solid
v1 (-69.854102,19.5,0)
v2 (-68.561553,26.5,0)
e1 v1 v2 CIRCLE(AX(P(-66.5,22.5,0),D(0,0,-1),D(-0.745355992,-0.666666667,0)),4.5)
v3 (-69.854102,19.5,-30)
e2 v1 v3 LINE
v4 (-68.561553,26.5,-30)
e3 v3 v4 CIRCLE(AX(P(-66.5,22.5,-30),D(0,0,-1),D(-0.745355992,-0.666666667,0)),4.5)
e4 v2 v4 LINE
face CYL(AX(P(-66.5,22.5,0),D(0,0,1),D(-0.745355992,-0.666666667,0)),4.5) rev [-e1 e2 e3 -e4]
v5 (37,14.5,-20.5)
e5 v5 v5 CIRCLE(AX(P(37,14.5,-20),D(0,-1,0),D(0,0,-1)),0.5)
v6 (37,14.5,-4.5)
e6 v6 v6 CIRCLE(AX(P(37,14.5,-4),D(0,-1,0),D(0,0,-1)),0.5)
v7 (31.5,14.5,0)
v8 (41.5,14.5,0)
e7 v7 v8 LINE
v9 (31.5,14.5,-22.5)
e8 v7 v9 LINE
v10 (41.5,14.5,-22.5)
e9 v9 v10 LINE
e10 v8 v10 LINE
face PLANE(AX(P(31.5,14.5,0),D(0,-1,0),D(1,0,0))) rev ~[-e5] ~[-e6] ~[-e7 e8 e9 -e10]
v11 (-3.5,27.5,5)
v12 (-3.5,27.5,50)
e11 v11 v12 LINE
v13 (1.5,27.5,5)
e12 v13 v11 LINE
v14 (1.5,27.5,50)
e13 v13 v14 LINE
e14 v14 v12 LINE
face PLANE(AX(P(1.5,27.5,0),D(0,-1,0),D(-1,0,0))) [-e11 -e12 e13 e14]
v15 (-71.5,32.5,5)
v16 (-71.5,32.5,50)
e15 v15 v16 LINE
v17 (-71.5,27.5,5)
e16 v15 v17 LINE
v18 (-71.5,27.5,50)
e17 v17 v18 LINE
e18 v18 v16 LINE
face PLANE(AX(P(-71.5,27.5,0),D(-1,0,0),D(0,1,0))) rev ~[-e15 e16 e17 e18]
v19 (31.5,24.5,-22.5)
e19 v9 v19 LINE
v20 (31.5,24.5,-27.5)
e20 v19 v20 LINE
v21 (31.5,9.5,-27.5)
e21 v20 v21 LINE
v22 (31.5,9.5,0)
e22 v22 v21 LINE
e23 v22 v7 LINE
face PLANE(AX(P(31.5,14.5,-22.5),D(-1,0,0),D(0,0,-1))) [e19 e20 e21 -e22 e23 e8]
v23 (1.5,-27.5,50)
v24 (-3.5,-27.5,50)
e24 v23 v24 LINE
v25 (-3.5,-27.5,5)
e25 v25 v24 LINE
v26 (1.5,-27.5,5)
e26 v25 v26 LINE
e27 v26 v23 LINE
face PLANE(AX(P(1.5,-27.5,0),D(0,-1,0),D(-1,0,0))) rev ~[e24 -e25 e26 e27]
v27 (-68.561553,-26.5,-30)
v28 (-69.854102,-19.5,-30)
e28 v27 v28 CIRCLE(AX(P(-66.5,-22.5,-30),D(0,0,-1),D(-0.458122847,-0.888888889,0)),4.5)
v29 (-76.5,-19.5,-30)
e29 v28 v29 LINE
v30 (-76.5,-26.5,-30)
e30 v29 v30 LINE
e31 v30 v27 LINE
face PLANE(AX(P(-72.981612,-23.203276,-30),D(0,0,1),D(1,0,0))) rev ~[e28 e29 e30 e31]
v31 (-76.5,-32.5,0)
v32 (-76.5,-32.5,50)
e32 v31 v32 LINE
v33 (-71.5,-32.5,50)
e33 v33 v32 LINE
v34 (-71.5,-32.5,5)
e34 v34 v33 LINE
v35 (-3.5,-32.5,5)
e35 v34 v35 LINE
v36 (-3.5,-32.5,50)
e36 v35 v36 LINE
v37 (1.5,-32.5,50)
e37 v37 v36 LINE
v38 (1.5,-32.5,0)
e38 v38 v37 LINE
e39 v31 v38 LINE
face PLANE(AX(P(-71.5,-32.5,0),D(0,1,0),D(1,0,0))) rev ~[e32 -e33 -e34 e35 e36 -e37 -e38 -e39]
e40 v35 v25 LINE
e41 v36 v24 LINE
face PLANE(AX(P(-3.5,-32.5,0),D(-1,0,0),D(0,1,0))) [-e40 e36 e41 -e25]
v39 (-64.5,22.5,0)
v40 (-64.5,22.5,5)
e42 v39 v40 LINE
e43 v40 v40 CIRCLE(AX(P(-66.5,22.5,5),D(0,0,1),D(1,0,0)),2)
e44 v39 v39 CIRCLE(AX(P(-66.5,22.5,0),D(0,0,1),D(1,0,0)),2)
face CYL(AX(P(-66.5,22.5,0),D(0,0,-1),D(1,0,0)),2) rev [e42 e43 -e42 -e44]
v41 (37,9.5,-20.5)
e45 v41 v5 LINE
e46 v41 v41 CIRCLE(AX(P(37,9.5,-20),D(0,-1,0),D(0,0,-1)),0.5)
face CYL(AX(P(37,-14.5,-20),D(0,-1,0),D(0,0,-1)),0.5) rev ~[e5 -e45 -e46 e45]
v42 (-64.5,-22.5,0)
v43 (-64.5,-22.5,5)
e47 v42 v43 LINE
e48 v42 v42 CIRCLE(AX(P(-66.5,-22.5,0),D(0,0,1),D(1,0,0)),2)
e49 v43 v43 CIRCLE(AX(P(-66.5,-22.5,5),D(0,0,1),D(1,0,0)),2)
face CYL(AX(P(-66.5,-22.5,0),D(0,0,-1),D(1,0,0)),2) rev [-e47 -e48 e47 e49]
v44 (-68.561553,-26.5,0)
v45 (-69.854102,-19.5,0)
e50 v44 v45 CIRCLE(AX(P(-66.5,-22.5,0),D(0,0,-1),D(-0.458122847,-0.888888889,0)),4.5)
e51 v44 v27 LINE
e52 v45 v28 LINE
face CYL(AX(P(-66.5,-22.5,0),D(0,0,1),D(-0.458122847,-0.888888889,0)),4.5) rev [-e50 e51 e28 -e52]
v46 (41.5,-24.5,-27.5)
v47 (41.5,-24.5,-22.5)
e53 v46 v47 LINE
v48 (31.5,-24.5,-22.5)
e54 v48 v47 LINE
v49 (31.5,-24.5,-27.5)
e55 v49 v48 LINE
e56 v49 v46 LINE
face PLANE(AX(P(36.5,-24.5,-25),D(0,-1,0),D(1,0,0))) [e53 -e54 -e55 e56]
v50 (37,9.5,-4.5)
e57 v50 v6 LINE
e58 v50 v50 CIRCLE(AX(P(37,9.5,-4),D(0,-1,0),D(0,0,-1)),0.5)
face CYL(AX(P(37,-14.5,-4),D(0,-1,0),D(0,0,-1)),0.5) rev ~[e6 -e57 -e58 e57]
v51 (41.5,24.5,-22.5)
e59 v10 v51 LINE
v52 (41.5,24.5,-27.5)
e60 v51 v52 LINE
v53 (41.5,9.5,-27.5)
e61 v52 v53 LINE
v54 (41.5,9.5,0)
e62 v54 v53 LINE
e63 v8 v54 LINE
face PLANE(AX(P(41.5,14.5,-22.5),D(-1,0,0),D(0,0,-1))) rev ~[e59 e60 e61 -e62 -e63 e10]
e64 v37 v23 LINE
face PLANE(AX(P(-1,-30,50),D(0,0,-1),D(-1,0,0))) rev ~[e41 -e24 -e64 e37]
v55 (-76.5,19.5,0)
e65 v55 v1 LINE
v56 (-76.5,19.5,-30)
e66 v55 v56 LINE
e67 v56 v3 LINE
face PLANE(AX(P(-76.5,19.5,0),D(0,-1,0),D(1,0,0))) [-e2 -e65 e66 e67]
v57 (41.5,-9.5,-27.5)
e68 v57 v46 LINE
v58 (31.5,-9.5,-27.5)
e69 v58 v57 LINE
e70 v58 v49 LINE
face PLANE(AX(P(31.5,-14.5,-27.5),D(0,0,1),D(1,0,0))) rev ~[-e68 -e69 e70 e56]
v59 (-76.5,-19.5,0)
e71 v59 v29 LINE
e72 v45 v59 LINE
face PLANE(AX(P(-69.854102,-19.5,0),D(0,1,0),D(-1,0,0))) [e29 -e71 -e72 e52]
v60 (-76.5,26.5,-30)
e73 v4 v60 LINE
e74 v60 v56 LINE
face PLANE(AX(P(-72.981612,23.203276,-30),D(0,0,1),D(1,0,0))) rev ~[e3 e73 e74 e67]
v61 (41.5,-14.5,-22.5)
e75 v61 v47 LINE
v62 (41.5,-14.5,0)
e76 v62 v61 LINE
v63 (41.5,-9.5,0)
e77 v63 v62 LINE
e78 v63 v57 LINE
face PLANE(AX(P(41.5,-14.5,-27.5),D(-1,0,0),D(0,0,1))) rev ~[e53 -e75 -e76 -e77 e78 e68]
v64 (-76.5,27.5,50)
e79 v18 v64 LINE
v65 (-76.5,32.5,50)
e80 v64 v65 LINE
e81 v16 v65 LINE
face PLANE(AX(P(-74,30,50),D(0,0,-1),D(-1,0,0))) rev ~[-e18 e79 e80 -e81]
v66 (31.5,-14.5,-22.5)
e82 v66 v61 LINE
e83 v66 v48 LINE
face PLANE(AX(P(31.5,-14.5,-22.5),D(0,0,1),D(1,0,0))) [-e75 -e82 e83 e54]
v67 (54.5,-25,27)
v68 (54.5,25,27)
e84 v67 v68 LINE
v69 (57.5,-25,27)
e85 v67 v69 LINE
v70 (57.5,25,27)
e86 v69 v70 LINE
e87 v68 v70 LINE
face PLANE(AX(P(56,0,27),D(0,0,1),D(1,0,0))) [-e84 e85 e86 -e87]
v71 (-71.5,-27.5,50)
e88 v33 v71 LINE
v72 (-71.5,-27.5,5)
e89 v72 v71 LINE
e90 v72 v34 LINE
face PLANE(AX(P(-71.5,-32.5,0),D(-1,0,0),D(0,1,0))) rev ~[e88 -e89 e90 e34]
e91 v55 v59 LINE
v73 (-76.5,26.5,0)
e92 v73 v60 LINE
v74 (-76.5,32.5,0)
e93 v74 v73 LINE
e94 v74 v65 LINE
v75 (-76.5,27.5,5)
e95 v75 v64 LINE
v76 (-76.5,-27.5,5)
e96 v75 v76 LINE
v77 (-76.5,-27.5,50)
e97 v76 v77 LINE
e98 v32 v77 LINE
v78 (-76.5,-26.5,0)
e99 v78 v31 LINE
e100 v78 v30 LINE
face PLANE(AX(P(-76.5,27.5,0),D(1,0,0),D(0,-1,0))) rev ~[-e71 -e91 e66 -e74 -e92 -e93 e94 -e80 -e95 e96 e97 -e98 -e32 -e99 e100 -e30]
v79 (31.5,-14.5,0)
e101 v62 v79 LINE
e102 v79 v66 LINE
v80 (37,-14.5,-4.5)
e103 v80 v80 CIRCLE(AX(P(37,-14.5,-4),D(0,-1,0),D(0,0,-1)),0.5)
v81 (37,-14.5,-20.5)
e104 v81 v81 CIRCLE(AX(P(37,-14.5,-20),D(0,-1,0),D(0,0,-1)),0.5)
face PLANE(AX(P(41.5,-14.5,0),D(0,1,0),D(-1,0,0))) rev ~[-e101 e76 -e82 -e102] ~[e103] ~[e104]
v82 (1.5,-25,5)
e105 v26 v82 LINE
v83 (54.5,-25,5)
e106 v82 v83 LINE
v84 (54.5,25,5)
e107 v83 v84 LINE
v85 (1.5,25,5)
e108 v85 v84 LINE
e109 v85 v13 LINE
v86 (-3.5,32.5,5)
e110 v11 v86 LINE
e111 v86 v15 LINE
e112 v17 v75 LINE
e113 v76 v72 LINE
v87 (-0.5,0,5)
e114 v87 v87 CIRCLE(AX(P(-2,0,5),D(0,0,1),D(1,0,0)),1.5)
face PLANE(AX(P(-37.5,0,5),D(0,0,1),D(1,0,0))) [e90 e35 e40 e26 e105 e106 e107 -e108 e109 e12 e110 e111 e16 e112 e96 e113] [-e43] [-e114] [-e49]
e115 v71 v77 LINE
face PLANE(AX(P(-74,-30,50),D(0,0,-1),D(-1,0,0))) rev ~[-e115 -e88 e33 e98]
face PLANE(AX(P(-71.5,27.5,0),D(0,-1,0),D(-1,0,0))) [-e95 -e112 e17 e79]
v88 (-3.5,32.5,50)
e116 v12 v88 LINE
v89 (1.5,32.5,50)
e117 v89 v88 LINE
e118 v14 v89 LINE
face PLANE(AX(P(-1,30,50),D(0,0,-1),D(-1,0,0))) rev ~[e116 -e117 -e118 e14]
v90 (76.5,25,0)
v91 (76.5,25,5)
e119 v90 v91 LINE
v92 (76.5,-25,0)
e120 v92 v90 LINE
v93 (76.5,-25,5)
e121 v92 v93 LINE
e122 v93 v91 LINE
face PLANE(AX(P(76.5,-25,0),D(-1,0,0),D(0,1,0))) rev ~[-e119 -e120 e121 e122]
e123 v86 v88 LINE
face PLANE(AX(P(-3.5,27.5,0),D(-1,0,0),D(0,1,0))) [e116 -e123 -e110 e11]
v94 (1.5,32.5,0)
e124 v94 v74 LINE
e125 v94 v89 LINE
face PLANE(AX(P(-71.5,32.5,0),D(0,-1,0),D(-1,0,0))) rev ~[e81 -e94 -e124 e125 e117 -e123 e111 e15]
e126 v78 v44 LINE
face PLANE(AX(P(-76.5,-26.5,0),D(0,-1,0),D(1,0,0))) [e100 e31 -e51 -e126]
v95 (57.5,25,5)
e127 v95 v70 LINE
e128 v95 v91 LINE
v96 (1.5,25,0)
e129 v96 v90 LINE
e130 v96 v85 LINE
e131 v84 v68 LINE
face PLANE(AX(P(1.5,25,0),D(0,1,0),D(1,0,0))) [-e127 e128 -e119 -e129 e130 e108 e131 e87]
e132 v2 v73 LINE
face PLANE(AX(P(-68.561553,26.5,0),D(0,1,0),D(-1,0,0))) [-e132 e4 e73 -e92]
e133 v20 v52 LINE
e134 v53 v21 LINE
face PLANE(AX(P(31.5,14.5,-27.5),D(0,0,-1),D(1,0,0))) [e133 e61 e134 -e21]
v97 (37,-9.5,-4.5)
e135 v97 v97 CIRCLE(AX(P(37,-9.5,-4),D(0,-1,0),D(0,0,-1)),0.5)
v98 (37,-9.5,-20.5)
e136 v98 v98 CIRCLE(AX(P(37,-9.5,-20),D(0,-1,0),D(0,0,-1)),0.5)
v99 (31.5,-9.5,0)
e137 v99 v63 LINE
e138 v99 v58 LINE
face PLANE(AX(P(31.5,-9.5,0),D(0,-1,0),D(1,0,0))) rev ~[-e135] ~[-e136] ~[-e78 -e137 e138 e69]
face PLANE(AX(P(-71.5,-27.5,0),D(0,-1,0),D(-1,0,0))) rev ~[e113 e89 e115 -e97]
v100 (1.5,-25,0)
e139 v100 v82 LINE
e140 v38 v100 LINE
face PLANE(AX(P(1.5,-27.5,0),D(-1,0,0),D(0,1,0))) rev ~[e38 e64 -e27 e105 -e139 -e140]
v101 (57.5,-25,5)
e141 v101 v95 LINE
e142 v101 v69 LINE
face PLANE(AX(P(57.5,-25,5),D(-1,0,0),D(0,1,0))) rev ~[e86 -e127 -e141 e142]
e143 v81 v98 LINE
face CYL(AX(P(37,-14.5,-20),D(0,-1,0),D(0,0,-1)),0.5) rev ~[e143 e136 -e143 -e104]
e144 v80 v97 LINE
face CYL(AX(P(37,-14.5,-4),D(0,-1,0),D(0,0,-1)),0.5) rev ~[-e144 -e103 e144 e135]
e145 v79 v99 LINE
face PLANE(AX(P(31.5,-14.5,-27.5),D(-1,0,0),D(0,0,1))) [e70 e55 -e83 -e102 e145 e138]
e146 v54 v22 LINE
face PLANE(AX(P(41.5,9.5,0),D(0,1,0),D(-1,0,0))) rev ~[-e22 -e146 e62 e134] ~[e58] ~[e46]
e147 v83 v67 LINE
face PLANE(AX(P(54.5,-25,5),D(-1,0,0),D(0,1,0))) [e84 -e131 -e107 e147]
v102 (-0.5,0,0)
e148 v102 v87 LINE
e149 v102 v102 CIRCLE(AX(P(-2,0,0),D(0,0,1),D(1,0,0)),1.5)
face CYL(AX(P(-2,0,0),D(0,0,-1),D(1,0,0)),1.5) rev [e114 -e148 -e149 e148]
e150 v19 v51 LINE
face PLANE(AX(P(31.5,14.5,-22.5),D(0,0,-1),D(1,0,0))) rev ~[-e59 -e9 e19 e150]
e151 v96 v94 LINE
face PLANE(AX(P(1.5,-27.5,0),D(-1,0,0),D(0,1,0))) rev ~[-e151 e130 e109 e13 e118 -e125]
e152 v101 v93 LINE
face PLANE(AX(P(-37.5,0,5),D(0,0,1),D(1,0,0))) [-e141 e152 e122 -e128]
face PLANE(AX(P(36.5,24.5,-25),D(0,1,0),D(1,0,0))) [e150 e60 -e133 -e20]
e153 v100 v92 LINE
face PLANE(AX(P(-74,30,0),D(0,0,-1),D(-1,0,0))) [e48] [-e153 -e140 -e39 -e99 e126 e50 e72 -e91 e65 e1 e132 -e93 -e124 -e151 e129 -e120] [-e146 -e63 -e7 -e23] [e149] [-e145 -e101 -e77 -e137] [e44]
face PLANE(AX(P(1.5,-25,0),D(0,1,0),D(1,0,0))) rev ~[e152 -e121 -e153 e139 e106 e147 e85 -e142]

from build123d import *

# Parameters (mm, degrees)
CROQUIS1_R               = 2
CROQUIS1_R_2             = 1.5
CROQUIS1_W               = 75
CROQUIS1_H               = 50
SALIENTE_EXTRUIR4_DEPTH  = 5
CROQUIS3_W               = 5
CROQUIS3_H               = 5
SALIENTE_EXTRUIR5_DEPTH  = 50
CROQUIS4_W               = 3
CROQUIS4_H               = 50
SALIENTE_EXTRUIR7_DEPTH  = 22
SALIENTE_EXTRUIR9_DEPTH  = 27.5
CROQUIS7_W               = 10
CROQUIS7_H               = 5
SALIENTE_EXTRUIR10_DEPTH = 10
CROQUIS8_W               = 10
CROQUIS8_H               = 5
SALIENTE_EXTRUIR11_DEPTH = 10
SALIENTE_EXTRUIR12_DEPTH = 30
CROQUIS10_R              = 0.5
CORTAR_EXTRUIR2_DEPTH    = 43


with BuildPart() as part:
    # Croquis1 → Saliente-Extruir4 (new body)
    # profile 1 of 2: a face of its own
    with BuildSketch(Plane.XY):
        Polygon((-71.5, -27.5), (-71.5, -32.5), (-3.5, -32.5), (-3.5, -27.5), (1.5, -27.5), (1.5, -25), (1.5, 25), (1.5, 27.5), (-3.5, 27.5), (-3.5, 32.5), (-71.5, 32.5), (-71.5, 27.5), (-76.5, 27.5), (-76.5, -27.5), align=None)
        with Locations((-66.5, -22.5)):
            Circle(CROQUIS1_R, mode=Mode.SUBTRACT)
        with Locations((-2, 0)):
            Circle(CROQUIS1_R_2, mode=Mode.SUBTRACT)
        with Locations((-66.5, 22.5)):
            Circle(CROQUIS1_R, mode=Mode.SUBTRACT)
    # profile 2 of 2: a face of its own
    with BuildSketch(Plane.XY):
        with Locations((39, 0)):
            Rectangle(CROQUIS1_W, CROQUIS1_H)
    extrude(amount=SALIENTE_EXTRUIR4_DEPTH)

    # Croquis3 → Saliente-Extruir5 (add)
    with BuildSketch(Plane(origin=(0, 0, 0), x_dir=(-1, 0, 0), z_dir=(0, 0, -1))):
        with Locations((74, 30)):
            Rectangle(CROQUIS3_W, CROQUIS3_H)
        with Locations((1, -30)):
            Rectangle(CROQUIS3_W, CROQUIS3_H)
        with Locations((1, 30)):
            Rectangle(CROQUIS3_W, CROQUIS3_H)
        with Locations((74, -30)):
            Rectangle(CROQUIS3_W, CROQUIS3_H)
    extrude(amount=-SALIENTE_EXTRUIR5_DEPTH)

    # Croquis4 → Saliente-Extruir7 (add)
    with BuildSketch(Plane.XY.offset(5)):
        with Locations((56, 0)):
            Rectangle(CROQUIS4_W, CROQUIS4_H)
    extrude(amount=SALIENTE_EXTRUIR7_DEPTH)

    # Croquis6 → Saliente-Extruir9 (add)
    with BuildSketch(Plane(origin=(0, 0, 0), x_dir=(-1, 0, 0), z_dir=(0, 0, -1))):
        Polygon((-31.5, 13.5), (-31.5, 14.5), (-41.5, 14.5), (-41.5, 13.5), (-41.5, 9.5), (-31.5, 9.5), align=None)
        Polygon((-31.5, -13.5), (-31.5, -9.5), (-41.5, -9.5), (-41.5, -13.5), (-41.5, -14.5), (-31.5, -14.5), align=None)
    extrude(amount=SALIENTE_EXTRUIR9_DEPTH)

    # Croquis7 → Saliente-Extruir10 (add)
    with BuildSketch(Plane(origin=(0, 14.5, 0), x_dir=(1, 0, 0), z_dir=(0, 1, 0))):
        with Locations((36.5, 25)):
            Rectangle(CROQUIS7_W, CROQUIS7_H)
    extrude(amount=SALIENTE_EXTRUIR10_DEPTH)

    # Croquis8 → Saliente-Extruir11 (add)
    with BuildSketch(Plane.XZ.offset(14.5)):
        with Locations((36.5, -25)):
            Rectangle(CROQUIS8_W, CROQUIS8_H)
    extrude(amount=SALIENTE_EXTRUIR11_DEPTH)

    # Croquis9 → Saliente-Extruir12 (add)
    with BuildSketch(Plane(origin=(0, 0, 0), x_dir=(-1, 0, 0), z_dir=(0, 0, -1))):
        with BuildLine():
            Line((69.854101966, -19.5), (76.5, -19.5))
            Line((76.5, -19.5), (76.5, -26.5))
            Line((76.5, -26.5), (68.561552813, -26.5))
            ThreePointArc((68.561552813, -26.5), (70.925192558, -23.317111271), (69.854101966, -19.5))
        make_face()
        with BuildLine():
            Line((68.561552813, 26.5), (76.5, 26.5))
            Line((76.5, 26.5), (76.5, 19.5))
            Line((76.5, 19.5), (69.854101966, 19.5))
            ThreePointArc((69.854101966, 19.5), (70.925192558, 23.317111271), (68.561552813, 26.5))
        make_face()
    extrude(amount=SALIENTE_EXTRUIR12_DEPTH)

    # Croquis10 → Cortar-Extruir2 (cut)
    with BuildSketch(Plane.XZ.offset(14.5)):
        with Locations(Location((37, -4, 0), (0, 0, 270))):
            Circle(CROQUIS10_R)
        with Locations(Location((37, -20, 0), (0, 0, 270))):
            Circle(CROQUIS10_R)
    extrude(amount=-CORTAR_EXTRUIR2_DEPTH, mode=Mode.SUBTRACT)


solid = part.part
